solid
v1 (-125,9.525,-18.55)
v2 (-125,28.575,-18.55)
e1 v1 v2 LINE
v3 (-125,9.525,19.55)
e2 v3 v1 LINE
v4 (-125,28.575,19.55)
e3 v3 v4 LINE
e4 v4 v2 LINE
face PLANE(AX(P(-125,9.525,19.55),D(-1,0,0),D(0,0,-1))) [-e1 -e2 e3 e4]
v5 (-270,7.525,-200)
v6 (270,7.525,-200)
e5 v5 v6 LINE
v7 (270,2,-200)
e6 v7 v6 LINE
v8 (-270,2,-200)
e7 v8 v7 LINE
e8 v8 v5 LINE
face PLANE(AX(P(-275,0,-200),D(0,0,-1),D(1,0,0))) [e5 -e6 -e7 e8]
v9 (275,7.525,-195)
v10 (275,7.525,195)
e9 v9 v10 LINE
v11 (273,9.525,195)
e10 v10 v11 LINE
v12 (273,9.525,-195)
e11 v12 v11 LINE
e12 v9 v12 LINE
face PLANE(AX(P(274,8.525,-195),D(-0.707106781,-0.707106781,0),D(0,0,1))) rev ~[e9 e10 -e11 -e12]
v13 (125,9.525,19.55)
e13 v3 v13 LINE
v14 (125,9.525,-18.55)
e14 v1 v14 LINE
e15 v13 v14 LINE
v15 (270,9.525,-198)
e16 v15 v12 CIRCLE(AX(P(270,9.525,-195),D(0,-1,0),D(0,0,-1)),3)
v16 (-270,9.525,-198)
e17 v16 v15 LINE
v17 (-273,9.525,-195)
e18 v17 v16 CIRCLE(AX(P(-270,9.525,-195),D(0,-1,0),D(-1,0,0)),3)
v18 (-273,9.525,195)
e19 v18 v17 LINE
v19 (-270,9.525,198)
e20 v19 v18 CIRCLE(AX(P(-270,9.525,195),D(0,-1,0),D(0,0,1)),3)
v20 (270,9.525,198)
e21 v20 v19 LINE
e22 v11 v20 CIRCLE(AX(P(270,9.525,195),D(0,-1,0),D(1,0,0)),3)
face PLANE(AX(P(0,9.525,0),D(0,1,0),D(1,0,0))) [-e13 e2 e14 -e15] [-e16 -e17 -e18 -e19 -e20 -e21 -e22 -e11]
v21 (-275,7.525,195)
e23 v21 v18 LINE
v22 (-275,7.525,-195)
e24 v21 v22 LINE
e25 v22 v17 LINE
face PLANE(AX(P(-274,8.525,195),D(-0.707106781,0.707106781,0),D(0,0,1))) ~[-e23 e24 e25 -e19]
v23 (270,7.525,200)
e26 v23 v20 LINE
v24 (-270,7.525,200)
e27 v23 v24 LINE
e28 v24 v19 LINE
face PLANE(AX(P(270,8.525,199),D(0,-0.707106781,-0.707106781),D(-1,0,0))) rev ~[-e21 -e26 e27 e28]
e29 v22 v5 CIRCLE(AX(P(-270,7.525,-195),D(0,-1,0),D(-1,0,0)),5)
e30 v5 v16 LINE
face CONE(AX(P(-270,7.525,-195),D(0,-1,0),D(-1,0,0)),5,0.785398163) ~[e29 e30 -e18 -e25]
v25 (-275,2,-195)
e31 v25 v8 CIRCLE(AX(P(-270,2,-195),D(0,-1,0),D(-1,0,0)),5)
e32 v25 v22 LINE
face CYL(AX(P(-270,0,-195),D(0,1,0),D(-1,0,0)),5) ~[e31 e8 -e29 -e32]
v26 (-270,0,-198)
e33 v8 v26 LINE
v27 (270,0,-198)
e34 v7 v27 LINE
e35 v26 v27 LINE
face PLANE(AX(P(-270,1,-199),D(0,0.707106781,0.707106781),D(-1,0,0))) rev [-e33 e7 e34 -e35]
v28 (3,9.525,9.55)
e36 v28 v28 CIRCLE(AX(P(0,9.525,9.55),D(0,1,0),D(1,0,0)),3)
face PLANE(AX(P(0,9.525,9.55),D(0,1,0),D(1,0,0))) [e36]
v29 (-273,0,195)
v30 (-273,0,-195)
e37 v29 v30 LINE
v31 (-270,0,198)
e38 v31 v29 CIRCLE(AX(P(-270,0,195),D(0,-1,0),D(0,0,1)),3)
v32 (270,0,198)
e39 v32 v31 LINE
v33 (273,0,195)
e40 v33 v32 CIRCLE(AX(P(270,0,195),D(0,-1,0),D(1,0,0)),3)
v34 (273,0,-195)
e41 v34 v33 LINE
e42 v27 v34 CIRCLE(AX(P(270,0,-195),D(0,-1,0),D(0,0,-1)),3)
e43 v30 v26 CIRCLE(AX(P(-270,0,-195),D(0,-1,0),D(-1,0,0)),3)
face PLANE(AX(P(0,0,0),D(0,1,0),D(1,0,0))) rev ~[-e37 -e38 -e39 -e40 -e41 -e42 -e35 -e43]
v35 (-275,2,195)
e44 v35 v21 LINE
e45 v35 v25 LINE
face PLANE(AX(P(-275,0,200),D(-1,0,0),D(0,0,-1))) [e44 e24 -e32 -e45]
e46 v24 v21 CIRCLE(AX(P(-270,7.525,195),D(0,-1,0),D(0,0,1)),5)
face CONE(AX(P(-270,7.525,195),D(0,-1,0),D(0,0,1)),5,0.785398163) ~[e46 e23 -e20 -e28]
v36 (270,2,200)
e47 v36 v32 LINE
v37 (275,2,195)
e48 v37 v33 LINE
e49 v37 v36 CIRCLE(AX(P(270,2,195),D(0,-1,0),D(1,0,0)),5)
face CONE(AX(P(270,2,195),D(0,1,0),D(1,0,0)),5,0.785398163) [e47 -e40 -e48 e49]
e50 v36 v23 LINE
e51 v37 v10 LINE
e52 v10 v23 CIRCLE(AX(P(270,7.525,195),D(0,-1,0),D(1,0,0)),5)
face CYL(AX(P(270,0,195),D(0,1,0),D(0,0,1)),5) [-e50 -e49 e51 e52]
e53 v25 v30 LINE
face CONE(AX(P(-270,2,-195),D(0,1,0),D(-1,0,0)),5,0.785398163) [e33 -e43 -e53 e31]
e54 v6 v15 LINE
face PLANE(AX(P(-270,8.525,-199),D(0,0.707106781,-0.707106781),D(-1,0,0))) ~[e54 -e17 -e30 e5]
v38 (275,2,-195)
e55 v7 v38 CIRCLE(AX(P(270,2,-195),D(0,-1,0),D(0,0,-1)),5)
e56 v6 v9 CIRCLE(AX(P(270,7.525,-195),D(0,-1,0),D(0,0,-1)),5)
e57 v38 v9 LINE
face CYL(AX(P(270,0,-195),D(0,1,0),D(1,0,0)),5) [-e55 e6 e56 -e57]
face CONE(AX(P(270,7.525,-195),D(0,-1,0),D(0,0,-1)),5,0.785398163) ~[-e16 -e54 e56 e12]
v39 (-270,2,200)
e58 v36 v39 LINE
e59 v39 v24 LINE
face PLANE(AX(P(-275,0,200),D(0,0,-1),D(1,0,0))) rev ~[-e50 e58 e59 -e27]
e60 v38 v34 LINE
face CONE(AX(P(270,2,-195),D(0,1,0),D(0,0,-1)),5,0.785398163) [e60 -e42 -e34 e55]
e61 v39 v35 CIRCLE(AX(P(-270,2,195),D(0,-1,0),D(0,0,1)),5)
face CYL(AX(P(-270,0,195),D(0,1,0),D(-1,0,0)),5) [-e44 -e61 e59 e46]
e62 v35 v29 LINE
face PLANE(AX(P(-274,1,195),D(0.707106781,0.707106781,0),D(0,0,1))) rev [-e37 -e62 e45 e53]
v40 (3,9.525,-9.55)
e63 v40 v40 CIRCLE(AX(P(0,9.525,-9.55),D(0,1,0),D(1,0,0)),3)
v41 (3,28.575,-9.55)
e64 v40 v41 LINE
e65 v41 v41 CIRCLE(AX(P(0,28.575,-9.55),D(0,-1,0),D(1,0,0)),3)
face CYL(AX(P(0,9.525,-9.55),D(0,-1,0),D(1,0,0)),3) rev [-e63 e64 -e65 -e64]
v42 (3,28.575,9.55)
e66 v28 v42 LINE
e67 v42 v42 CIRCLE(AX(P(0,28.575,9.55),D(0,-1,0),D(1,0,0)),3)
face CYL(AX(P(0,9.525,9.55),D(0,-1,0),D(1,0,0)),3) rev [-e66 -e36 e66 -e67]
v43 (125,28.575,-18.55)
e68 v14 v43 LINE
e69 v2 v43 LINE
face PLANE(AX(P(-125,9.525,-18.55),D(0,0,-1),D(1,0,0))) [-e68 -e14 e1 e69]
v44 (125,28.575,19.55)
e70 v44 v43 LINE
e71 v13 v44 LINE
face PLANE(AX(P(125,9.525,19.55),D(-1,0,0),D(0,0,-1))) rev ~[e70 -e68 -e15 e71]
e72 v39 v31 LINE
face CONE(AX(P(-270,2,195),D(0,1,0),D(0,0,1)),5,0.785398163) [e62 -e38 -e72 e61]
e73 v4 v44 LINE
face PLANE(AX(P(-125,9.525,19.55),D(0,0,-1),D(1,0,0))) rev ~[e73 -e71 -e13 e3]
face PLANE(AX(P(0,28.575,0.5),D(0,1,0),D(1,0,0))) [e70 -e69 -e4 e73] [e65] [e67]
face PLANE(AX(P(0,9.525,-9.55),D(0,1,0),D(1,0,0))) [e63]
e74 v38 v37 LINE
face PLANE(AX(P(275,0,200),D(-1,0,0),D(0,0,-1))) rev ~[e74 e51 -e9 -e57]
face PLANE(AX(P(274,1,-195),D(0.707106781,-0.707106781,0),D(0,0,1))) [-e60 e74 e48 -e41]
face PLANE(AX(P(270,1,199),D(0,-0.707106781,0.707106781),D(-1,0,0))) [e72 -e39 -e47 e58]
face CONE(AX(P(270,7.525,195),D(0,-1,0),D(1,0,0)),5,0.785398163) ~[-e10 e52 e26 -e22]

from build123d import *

# Parameters (mm, degrees)
SKETCH1_W           = 550
SKETCH1_H           = 400
BOSS_EXTRUDE1_DEPTH = 9.525
FILLET1_R           = 5
CHAMFER1_SIZE       = 2
CHAMFER2_SIZE       = 2
SKETCH4_W           = 250
SKETCH4_H           = 38.1
BOSS_EXTRUDE3_DEPTH = 19.05
SKETCH2_R           = 3
CUT_EXTRUDE1_DEPTH  = 20.05


with BuildPart() as part:
    # Sketch1 → Boss-Extrude1 (new body)
    with BuildSketch(Plane(origin=(0, 0, 0), x_dir=(1, 0, 0), z_dir=(0, 1, 0))):
        Rectangle(SKETCH1_W, SKETCH1_H)
    extrude(amount=BOSS_EXTRUDE1_DEPTH)

    # Fillet1
    fillet1_edges = [part.edges().sort_by_distance(p)[0] for p in [
        (275, 4.7625, 200),
        (-275, 4.7625, 200),
        (-275, 4.7625, -200),
        (275, 4.7625, -200),
    ]]
    fillet(fillet1_edges, radius=FILLET1_R)

    # Chamfer1
    chamfer1_edges = [part.edges().sort_by_distance(p)[0] for p in [
        (-275, 9.525, 0),
        (0, 9.525, -200),
        (275, 9.525, 0),
        (0, 9.525, 200),
        (-273.535533906, 9.525, 198.535533906),
        (273.535533906, 9.525, 198.535533906),
        (273.535533906, 9.525, -198.535533906),
        (-273.535533906, 9.525, -198.535533906),
    ]]
    chamfer(chamfer1_edges, length=CHAMFER1_SIZE)

    # Chamfer2
    chamfer2_edges = [part.edges().sort_by_distance(p)[0] for p in [
        (-275, 0, 0),
        (275, 0, 0),
        (0, 0, 200),
        (0, 0, -200),
        (-273.535533906, 0, 198.535533906),
        (273.535533906, 0, 198.535533906),
        (273.535533906, 0, -198.535533906),
        (-273.535533906, 0, -198.535533906),
    ]]
    chamfer(chamfer2_edges, length=CHAMFER2_SIZE)

    # Sketch4 → Boss-Extrude3 (add)
    with BuildSketch(Plane(origin=(0, 9.525, 0), x_dir=(1, 0, 0), z_dir=(0, 1, 0))):
        with Locations((0, -0.5)):
            Rectangle(SKETCH4_W, SKETCH4_H)
    extrude(amount=BOSS_EXTRUDE3_DEPTH)

    # Sketch2 → Cut-Extrude1 (cut, through all)
    with BuildSketch(Plane(origin=(0, 9.525, 0), x_dir=(1, 0, 0), z_dir=(0, 1, 0))):
        with Locations((0, 9.55)):
            Circle(SKETCH2_R)
        with Locations((0, -9.55)):
            Circle(SKETCH2_R)
    extrude(amount=CUT_EXTRUDE1_DEPTH, mode=Mode.SUBTRACT)


solid = part.part
